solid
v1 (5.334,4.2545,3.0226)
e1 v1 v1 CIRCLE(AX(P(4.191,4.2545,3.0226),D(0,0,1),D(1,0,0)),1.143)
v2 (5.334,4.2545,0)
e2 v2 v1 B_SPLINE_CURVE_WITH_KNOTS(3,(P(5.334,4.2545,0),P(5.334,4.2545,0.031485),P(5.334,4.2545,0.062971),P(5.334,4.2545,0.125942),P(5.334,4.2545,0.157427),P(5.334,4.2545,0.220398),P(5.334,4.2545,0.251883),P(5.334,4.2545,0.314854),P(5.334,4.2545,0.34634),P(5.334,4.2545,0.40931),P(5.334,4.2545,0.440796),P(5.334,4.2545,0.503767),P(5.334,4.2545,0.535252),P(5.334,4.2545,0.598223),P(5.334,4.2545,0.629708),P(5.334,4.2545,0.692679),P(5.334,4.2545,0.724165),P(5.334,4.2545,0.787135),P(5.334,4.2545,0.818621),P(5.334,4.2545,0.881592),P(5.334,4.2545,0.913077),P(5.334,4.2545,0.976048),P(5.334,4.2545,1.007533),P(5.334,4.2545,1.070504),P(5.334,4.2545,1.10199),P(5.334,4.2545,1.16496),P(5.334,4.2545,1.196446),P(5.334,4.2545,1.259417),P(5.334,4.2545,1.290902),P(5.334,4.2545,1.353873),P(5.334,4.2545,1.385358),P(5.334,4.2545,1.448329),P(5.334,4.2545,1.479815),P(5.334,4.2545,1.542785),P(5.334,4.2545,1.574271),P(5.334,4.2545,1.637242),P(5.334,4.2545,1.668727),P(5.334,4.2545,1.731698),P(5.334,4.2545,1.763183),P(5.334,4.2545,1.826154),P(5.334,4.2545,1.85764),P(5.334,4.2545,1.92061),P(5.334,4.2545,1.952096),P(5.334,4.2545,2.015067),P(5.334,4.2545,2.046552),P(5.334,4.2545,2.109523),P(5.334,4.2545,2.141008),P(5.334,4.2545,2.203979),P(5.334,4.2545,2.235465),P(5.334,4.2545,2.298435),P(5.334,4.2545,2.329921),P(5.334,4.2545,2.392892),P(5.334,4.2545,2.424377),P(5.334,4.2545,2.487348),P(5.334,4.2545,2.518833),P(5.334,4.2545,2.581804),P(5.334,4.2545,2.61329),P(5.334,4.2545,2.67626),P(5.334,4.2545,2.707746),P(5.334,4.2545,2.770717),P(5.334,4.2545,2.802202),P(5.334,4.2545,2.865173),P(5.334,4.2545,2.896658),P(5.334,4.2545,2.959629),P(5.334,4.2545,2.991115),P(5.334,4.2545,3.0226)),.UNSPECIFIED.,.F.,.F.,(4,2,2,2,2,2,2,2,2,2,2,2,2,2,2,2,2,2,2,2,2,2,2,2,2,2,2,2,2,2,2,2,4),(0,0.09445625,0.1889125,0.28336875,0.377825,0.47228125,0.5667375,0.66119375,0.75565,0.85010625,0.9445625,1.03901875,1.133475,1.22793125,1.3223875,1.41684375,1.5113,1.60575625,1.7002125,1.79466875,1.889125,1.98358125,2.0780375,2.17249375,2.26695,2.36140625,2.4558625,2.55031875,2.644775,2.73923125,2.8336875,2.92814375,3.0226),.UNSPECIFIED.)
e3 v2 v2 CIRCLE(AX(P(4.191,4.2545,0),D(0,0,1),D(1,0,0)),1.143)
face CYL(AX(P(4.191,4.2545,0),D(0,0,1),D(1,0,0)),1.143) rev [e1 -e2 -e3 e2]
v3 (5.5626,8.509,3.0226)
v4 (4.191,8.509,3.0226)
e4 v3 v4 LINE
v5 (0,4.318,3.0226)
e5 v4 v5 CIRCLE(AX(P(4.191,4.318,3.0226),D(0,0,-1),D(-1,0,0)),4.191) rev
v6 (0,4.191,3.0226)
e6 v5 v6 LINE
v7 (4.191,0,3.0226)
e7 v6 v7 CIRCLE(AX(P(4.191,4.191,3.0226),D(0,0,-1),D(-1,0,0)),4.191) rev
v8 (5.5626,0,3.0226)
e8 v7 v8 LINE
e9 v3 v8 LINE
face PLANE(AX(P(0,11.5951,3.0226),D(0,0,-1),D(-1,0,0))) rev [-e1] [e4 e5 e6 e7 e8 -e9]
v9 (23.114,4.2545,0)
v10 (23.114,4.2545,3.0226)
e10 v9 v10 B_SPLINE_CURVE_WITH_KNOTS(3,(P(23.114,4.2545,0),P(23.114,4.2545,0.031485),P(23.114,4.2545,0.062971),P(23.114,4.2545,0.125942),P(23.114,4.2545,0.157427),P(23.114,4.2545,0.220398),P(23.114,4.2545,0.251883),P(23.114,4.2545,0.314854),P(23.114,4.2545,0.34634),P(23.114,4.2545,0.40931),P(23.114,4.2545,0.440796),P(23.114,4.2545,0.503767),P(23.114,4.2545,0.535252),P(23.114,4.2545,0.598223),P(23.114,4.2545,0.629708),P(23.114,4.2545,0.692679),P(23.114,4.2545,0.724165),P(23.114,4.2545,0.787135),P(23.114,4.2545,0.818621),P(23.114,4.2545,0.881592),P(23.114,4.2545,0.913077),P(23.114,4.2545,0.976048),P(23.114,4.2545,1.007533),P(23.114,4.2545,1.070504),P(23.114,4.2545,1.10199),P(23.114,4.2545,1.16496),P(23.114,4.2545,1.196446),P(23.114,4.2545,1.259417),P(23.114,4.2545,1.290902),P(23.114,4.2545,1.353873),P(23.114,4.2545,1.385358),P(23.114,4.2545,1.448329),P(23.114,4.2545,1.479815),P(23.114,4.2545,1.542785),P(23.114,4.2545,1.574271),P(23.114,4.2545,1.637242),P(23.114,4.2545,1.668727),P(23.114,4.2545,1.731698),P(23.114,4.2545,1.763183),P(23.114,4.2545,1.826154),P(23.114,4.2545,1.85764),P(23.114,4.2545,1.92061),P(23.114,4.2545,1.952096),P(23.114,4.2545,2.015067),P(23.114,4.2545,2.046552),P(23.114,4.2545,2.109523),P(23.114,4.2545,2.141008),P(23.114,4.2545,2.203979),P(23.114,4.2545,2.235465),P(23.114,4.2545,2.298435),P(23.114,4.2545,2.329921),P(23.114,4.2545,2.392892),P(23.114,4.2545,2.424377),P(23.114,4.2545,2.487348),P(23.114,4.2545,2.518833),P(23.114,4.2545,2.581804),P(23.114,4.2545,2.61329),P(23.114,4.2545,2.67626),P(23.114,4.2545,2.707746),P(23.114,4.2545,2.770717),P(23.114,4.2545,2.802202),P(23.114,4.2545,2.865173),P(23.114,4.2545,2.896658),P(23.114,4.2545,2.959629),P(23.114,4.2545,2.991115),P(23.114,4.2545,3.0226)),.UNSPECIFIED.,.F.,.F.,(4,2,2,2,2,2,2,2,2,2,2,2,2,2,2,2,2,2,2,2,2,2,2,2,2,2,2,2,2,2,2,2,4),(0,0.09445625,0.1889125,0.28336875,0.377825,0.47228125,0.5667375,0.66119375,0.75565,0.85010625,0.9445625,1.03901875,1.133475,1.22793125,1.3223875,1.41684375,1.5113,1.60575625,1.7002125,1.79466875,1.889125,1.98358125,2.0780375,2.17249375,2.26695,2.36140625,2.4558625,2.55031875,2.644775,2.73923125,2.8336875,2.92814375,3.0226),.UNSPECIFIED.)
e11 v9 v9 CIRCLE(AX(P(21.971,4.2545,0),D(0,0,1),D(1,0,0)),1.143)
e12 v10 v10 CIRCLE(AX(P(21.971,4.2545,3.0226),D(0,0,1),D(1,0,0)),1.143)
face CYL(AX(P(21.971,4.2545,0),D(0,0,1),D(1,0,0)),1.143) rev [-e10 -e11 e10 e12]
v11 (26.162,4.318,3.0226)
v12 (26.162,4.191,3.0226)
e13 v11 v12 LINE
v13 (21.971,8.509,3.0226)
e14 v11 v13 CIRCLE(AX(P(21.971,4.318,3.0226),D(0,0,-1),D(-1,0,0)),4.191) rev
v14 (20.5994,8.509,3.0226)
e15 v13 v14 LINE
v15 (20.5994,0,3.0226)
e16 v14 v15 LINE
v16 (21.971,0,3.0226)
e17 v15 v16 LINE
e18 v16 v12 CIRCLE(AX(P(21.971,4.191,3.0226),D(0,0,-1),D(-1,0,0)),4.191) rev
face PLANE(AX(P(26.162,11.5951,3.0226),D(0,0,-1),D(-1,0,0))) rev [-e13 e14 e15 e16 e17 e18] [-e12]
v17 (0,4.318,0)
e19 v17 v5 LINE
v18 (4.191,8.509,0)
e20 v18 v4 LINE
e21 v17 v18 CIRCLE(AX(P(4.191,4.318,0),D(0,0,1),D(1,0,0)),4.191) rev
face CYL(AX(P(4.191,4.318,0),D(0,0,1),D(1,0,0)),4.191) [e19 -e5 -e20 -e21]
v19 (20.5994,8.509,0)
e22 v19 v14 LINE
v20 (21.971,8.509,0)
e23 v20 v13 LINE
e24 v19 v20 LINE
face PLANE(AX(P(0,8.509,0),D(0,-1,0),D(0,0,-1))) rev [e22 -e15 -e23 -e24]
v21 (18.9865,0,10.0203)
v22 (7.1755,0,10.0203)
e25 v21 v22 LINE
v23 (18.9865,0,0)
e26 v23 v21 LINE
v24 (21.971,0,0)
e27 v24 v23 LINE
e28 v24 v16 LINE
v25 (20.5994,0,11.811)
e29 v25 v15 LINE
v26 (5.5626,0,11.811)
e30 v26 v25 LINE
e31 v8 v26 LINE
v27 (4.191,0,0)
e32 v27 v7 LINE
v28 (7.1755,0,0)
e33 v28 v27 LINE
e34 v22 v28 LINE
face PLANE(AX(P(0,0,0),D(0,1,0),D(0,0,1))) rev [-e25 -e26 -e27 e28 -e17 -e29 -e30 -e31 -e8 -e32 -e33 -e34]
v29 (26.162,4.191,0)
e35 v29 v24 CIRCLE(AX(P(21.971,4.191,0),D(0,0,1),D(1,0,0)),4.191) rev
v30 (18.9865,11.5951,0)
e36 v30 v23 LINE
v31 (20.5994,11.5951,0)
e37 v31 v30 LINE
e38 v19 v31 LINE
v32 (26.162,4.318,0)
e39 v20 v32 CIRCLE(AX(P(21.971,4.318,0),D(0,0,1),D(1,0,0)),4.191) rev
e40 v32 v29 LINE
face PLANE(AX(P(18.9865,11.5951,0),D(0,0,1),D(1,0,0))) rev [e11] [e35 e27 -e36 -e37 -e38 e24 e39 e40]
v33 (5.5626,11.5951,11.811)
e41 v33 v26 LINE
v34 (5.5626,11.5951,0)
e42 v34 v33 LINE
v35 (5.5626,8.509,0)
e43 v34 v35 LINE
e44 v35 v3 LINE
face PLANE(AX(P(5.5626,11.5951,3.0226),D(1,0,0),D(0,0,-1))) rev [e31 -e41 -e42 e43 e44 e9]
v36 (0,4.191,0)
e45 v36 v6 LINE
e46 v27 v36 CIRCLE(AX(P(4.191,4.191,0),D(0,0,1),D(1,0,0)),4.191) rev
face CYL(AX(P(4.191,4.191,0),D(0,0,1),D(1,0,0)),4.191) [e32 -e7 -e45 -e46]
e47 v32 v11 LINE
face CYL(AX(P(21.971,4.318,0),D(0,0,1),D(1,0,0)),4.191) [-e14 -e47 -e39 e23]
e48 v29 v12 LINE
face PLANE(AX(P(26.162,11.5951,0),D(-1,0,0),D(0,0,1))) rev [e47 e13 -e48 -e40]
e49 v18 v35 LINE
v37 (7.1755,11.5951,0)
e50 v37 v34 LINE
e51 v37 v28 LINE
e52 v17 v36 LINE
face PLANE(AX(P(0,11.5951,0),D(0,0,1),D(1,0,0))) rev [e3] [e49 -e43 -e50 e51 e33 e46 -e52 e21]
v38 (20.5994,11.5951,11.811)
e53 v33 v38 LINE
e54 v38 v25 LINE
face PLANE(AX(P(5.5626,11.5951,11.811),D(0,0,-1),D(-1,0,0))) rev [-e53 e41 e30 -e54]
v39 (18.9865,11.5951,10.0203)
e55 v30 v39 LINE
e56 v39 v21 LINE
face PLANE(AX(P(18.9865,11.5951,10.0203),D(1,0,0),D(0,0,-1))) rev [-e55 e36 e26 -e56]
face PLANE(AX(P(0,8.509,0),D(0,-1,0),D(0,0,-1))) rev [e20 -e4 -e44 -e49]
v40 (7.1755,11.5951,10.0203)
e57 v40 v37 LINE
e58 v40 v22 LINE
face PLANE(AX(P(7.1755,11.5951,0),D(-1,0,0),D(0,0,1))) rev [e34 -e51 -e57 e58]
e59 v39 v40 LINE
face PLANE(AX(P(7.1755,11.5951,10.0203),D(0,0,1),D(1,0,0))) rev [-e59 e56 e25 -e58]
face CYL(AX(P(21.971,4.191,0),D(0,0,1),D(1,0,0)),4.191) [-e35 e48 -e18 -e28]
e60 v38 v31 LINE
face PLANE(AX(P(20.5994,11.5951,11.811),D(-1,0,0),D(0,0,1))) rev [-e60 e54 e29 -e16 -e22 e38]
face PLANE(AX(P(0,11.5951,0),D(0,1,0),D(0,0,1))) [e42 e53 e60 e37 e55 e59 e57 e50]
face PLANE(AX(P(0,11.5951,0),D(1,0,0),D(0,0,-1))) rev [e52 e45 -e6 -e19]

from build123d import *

# Parameters (mm, degrees)
BOSS_EXTRUDE1_DEPTH = 11.5951
CUT_EXTRUDE4_DEPTH  = 31.957976501
SKETCH4_R           = 1.143
CUT_EXTRUDE5_DEPTH  = 30.935473315


with BuildPart() as part:
    # Sketch1 → Boss-Extrude1 (new body)
    with BuildSketch(Plane(origin=(0, 0, 0), x_dir=(1, 0, 0), z_dir=(0, 1, 0))):
        Polygon((0, 0), (7.1755, 0), (7.1755, -10.0203), (18.9865, -10.0203), (18.9865, 0), (26.162, 0), (26.162, -3.0226), (20.5994, -3.0226), (20.5994, -11.811), (5.5626, -11.811), (5.5626, -3.0226), (0, -3.0226), align=None)
    extrude(amount=BOSS_EXTRUDE1_DEPTH)

    # Sketch2 → Cut-Extrude4 (cut, through all)
    with BuildSketch(Plane.XY.offset(11.811)):
        with BuildLine():
            Line((5.5626, 8.509), (5.5626, 11.5951))
            Line((5.5626, 11.5951), (0, 11.5951))
            Line((0, 11.5951), (0, 4.318))
            ThreePointArc((0, 4.318), (1.22751548, 7.28148452), (4.191, 8.509))
            Line((4.191, 8.509), (5.5626, 8.509))
        make_face()
        with BuildLine():
            ThreePointArc((4.191, 0), (1.22751548, 1.22751548), (0, 4.191))
            Line((0, 4.191), (0, 0))
            Line((0, 0), (4.191, 0))
        make_face()
        with BuildLine():
            Line((26.162, 11.5951), (20.5994, 11.5951))
            Line((20.5994, 11.5951), (20.5994, 8.509))
            Line((20.5994, 8.509), (21.971, 8.509))
            ThreePointArc((21.971, 8.509), (24.93448452, 7.28148452), (26.162, 4.318))
            Line((26.162, 4.318), (26.162, 11.5951))
        make_face()
        with BuildLine():
            Line((26.162, 0), (26.162, 4.191))
            ThreePointArc((26.162, 4.191), (24.93448452, 1.22751548), (21.971, 0))
            Line((21.971, 0), (26.162, 0))
        make_face()
    extrude(amount=-CUT_EXTRUDE4_DEPTH, mode=Mode.SUBTRACT)

    # Sketch4 → Cut-Extrude5 (cut, through all)
    with BuildSketch(Plane.XY.offset(3.0226)):
        with Locations((4.191, 4.2545)):
            Circle(SKETCH4_R)
        with Locations((21.971, 4.2545)):
            Circle(SKETCH4_R)
    extrude(amount=-CUT_EXTRUDE5_DEPTH, mode=Mode.SUBTRACT)


solid = part.part
